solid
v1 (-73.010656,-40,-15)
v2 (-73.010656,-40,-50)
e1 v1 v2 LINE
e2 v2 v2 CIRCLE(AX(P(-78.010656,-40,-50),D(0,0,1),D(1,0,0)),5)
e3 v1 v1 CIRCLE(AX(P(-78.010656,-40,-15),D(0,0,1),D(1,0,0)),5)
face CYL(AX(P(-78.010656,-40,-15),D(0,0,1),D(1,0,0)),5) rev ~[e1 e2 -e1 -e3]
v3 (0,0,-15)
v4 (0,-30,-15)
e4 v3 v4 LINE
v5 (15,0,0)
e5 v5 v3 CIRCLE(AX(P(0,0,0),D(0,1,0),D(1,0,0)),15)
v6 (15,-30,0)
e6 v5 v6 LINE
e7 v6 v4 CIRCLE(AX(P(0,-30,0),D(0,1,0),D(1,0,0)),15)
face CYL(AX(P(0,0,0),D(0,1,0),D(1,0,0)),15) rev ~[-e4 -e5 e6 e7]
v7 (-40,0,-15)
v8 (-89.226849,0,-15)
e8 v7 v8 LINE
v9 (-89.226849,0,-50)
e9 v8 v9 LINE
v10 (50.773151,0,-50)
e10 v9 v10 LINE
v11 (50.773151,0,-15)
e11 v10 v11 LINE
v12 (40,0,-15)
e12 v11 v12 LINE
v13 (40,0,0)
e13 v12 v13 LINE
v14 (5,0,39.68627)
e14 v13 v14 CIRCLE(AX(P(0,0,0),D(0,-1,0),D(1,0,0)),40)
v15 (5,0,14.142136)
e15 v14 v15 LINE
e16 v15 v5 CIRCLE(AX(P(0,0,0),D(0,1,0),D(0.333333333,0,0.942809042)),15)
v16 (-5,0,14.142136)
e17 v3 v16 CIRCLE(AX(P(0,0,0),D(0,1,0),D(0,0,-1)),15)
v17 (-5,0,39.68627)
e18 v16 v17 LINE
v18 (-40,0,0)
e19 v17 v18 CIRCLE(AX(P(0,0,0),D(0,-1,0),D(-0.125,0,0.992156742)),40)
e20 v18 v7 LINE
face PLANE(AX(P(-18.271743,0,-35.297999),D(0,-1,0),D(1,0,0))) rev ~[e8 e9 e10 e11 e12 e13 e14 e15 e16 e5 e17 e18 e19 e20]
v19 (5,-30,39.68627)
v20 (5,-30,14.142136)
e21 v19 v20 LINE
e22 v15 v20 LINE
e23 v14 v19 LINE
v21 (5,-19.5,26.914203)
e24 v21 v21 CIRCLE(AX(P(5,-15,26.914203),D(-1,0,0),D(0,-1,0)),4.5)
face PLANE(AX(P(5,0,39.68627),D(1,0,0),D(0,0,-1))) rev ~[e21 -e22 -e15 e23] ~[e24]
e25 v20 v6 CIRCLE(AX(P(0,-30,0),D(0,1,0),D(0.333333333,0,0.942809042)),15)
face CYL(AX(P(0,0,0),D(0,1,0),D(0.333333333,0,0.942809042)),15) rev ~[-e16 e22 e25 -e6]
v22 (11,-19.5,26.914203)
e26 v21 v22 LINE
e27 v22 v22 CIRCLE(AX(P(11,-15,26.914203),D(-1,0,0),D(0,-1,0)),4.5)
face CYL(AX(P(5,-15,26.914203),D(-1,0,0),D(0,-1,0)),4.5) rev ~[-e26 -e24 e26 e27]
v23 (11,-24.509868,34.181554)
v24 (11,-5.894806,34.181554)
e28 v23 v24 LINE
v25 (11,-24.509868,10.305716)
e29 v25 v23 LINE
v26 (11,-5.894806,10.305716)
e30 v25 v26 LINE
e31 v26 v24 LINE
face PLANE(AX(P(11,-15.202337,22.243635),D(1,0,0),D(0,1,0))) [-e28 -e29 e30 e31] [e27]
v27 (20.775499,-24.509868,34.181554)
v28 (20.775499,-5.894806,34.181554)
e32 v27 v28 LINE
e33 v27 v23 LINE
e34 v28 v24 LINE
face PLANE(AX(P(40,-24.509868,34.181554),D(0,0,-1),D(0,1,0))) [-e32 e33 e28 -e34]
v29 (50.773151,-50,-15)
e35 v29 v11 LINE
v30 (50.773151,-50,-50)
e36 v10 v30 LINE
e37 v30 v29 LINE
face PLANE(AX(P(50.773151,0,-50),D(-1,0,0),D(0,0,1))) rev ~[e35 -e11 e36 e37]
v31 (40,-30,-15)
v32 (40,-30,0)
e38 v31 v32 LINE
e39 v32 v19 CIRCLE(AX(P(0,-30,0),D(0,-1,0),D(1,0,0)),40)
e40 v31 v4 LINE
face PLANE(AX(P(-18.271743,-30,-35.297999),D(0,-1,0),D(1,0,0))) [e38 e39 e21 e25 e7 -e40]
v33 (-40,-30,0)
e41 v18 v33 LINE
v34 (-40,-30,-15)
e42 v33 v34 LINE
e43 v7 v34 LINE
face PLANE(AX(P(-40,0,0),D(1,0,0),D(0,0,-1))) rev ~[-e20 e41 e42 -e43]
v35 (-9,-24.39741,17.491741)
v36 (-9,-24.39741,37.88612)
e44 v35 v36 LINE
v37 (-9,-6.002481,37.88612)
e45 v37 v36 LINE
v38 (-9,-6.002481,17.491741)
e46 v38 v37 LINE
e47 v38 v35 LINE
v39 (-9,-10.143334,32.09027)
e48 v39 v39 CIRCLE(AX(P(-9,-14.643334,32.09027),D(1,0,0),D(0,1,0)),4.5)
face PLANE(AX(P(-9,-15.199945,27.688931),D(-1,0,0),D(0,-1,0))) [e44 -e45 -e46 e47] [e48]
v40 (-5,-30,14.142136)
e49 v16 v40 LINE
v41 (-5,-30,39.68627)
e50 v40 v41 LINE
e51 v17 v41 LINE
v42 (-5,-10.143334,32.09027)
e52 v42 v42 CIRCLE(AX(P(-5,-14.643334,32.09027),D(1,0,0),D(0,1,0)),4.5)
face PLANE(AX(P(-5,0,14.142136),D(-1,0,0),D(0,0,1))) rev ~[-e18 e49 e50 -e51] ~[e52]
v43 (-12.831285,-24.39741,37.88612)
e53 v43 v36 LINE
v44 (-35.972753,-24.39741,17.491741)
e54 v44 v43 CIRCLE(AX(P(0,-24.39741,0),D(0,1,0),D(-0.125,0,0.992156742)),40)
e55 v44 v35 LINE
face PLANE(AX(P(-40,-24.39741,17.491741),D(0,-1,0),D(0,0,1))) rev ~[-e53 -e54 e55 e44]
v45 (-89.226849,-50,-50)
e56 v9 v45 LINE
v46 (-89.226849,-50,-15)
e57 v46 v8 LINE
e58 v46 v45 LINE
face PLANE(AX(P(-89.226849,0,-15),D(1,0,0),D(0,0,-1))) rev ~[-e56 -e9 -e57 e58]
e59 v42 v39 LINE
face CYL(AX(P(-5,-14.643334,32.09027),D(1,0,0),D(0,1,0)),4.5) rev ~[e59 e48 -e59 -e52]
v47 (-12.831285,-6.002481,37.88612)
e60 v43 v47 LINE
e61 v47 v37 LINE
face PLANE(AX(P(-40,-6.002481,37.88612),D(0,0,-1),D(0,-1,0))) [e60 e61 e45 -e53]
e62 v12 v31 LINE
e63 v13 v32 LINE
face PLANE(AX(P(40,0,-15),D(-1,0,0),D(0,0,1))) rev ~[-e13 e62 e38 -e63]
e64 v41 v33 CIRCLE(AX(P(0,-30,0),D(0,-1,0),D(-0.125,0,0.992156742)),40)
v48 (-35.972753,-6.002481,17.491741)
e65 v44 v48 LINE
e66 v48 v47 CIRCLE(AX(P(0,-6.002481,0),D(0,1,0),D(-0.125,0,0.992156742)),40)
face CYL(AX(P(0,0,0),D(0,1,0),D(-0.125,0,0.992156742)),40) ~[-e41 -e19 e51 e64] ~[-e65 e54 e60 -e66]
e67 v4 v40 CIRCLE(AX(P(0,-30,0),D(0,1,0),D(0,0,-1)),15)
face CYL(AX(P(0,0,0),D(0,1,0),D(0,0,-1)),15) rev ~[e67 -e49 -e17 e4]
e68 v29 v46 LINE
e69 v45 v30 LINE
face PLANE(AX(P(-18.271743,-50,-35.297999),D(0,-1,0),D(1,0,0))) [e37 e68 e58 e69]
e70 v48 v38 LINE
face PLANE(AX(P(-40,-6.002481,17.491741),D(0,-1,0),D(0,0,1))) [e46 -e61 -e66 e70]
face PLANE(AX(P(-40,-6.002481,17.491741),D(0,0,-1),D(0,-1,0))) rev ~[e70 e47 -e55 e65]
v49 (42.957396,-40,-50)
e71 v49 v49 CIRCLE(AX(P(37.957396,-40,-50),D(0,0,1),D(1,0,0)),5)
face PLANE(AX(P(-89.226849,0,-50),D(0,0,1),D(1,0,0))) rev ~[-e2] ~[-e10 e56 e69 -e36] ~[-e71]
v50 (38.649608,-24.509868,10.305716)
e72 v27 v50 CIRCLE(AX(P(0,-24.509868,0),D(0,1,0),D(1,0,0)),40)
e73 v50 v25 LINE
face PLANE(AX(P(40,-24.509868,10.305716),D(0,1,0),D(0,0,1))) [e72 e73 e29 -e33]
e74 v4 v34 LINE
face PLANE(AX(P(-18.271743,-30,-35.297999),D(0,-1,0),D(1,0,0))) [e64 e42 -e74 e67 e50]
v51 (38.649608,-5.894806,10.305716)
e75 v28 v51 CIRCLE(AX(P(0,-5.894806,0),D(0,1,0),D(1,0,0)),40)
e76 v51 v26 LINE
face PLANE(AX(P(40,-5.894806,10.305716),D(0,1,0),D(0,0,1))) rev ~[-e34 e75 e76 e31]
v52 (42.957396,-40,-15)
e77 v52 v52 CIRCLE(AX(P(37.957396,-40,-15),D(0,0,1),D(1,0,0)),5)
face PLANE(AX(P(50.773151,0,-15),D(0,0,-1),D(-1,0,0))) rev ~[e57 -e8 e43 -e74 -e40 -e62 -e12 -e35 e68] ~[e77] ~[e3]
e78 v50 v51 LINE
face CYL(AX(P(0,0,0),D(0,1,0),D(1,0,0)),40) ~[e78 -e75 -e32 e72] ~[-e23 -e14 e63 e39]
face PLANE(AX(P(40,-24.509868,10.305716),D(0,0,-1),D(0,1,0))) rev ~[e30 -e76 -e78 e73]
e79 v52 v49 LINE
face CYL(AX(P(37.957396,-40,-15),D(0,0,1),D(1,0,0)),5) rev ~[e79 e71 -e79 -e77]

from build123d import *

# Parameters (mm, degrees)
F1_DEPTH  = 50
F2_DEPTH  = 30
F3_R      = 4.5
F4_DEPTH  = 45.7741506228
F5_R      = 4.5
F6_DEPTH  = 84.2278493772
F7_R      = 5
F8_DEPTH  = 57
F9_W      = 18.3949293569
F9_H      = 20.3943792731
F10_DEPTH = 31
F11_W     = 18.6150614172
F11_H     = 23.8758381456
F12_DEPTH = 29


with BuildPart() as f1:
    # F0 (on Front) → F1 (new body)
    with BuildSketch(Plane.XZ):
        with BuildLine():
            Line((40, -15), (37.0809924355, -15))
            ThreePointArc((37.0809924355, -15), (0, -40), (-37.0809924355, -15))
            Line((-37.0809924355, -15), (-40, -15))
            Line((-40, -15), (-89.2268493772, -15))
            Line((-89.2268493772, -15), (-89.2268493772, -50))
            Line((-89.2268493772, -50), (50.7731506228, -50))
            Line((50.7731506228, -50), (50.7731506228, -15))
            Line((50.7731506228, -15), (40, -15))
        make_face()
        with BuildLine():
            Line((37.0809924355, -15), (0, -15))
            Line((0, -15), (-37.0809924355, -15))
            ThreePointArc((-37.0809924355, -15), (0, -40), (37.0809924355, -15))
        make_face()
    extrude(amount=F1_DEPTH)

    # F0 (on Front) → F2 (join)
    with BuildSketch(Plane.XZ):
        with BuildLine():
            Line((40, -15), (37.0809924355, -15))
            ThreePointArc((37.0809924355, -15), (0, -40), (-37.0809924355, -15))
            Line((-37.0809924355, -15), (-40, -15))
            Line((-40, -15), (-89.2268493772, -15))
            Line((-89.2268493772, -15), (-89.2268493772, -50))
            Line((-89.2268493772, -50), (50.7731506228, -50))
            Line((50.7731506228, -50), (50.7731506228, -15))
            Line((50.7731506228, -15), (40, -15))
        make_face()
        with BuildLine():
            Line((-37.0809924355, -15), (0, -15))
            ThreePointArc((0, -15), (-14.7839783948, -2.5365296809), (-5, 14.1421356237))
            Line((-5, 14.1421356237), (-5, 39.686269666))
            ThreePointArc((-5, 39.686269666), (-30, 26.4575131106), (-40, 0))
            ThreePointArc((-40, 0), (-39.2634671, -7.6406904983), (-37.0809924355, -15))
        make_face()
        with BuildLine():
            ThreePointArc((5, 14.1421356237), (12.2474487139, 8.6602540378), (15, 0))
            ThreePointArc((15, 0), (10.6066017178, -10.6066017178), (0, -15))
            Line((0, -15), (37.0809924355, -15))
            ThreePointArc((37.0809924355, -15), (39.2634671, -7.6406904983), (40, 0))
            ThreePointArc((40, 0), (30, 26.4575131106), (5, 39.686269666))
            Line((5, 39.686269666), (5, 14.1421356237))
        make_face()
        with BuildLine():
            Line((37.0809924355, -15), (0, -15))
            Line((0, -15), (-37.0809924355, -15))
            ThreePointArc((-37.0809924355, -15), (0, -40), (37.0809924355, -15))
        make_face()
        with BuildLine():
            Line((-40, -15), (-37.0809924355, -15))
            ThreePointArc((-37.0809924355, -15), (-39.2634671, -7.6406904983), (-40, 0))
            Line((-40, 0), (-40, -15))
        make_face()
        with BuildLine():
            ThreePointArc((40, 0), (39.2634671, -7.6406904983), (37.0809924355, -15))
            Line((37.0809924355, -15), (40, -15))
            Line((40, -15), (40, 0))
        make_face()
    extrude(amount=F2_DEPTH)

    # F3 (on face) → F4 (cut, through all)
    with BuildSketch(Plane(origin=(5, 0, 0), x_dir=(0, -1, 0), z_dir=(-1, 0, 0))):
        with Locations((15, 26.9142026448)):
            Circle(F3_R)
    extrude(amount=-F4_DEPTH, mode=Mode.SUBTRACT)

    # F5 (on face) → F6 (cut, through all)
    with BuildSketch(Plane.YZ.offset(-5)):
        with Locations((-14.6433338523, 32.090269666)):
            Circle(F5_R)
    extrude(amount=-F6_DEPTH, mode=Mode.SUBTRACT)

    # F7 (on face) → F8 (cut)
    with BuildSketch(Plane.XY.offset(-15)):
        with Locations((-78.0106559396, -40)):
            Circle(F7_R)
        with Locations((37.9573963583, -40)):
            Circle(F7_R)
    extrude(amount=-F8_DEPTH, mode=Mode.SUBTRACT)

    # F9 (on face) → F10 (cut)
    with BuildSketch(Plane(origin=(-40, 0, 0), x_dir=(0, -1, 0), z_dir=(-1, 0, 0))):
        with Locations((15.1999453083, 27.6889307424)):
            Rectangle(F9_W, F9_H)
    extrude(amount=-F10_DEPTH, mode=Mode.SUBTRACT)

    # F11 (on face) → F12 (cut)
    with BuildSketch(Plane.YZ.offset(40)):
        with Locations((-15.2023369446, 22.2436347976)):
            Rectangle(F11_W, F11_H)
    extrude(amount=-F12_DEPTH, mode=Mode.SUBTRACT)


solid = f1.part
